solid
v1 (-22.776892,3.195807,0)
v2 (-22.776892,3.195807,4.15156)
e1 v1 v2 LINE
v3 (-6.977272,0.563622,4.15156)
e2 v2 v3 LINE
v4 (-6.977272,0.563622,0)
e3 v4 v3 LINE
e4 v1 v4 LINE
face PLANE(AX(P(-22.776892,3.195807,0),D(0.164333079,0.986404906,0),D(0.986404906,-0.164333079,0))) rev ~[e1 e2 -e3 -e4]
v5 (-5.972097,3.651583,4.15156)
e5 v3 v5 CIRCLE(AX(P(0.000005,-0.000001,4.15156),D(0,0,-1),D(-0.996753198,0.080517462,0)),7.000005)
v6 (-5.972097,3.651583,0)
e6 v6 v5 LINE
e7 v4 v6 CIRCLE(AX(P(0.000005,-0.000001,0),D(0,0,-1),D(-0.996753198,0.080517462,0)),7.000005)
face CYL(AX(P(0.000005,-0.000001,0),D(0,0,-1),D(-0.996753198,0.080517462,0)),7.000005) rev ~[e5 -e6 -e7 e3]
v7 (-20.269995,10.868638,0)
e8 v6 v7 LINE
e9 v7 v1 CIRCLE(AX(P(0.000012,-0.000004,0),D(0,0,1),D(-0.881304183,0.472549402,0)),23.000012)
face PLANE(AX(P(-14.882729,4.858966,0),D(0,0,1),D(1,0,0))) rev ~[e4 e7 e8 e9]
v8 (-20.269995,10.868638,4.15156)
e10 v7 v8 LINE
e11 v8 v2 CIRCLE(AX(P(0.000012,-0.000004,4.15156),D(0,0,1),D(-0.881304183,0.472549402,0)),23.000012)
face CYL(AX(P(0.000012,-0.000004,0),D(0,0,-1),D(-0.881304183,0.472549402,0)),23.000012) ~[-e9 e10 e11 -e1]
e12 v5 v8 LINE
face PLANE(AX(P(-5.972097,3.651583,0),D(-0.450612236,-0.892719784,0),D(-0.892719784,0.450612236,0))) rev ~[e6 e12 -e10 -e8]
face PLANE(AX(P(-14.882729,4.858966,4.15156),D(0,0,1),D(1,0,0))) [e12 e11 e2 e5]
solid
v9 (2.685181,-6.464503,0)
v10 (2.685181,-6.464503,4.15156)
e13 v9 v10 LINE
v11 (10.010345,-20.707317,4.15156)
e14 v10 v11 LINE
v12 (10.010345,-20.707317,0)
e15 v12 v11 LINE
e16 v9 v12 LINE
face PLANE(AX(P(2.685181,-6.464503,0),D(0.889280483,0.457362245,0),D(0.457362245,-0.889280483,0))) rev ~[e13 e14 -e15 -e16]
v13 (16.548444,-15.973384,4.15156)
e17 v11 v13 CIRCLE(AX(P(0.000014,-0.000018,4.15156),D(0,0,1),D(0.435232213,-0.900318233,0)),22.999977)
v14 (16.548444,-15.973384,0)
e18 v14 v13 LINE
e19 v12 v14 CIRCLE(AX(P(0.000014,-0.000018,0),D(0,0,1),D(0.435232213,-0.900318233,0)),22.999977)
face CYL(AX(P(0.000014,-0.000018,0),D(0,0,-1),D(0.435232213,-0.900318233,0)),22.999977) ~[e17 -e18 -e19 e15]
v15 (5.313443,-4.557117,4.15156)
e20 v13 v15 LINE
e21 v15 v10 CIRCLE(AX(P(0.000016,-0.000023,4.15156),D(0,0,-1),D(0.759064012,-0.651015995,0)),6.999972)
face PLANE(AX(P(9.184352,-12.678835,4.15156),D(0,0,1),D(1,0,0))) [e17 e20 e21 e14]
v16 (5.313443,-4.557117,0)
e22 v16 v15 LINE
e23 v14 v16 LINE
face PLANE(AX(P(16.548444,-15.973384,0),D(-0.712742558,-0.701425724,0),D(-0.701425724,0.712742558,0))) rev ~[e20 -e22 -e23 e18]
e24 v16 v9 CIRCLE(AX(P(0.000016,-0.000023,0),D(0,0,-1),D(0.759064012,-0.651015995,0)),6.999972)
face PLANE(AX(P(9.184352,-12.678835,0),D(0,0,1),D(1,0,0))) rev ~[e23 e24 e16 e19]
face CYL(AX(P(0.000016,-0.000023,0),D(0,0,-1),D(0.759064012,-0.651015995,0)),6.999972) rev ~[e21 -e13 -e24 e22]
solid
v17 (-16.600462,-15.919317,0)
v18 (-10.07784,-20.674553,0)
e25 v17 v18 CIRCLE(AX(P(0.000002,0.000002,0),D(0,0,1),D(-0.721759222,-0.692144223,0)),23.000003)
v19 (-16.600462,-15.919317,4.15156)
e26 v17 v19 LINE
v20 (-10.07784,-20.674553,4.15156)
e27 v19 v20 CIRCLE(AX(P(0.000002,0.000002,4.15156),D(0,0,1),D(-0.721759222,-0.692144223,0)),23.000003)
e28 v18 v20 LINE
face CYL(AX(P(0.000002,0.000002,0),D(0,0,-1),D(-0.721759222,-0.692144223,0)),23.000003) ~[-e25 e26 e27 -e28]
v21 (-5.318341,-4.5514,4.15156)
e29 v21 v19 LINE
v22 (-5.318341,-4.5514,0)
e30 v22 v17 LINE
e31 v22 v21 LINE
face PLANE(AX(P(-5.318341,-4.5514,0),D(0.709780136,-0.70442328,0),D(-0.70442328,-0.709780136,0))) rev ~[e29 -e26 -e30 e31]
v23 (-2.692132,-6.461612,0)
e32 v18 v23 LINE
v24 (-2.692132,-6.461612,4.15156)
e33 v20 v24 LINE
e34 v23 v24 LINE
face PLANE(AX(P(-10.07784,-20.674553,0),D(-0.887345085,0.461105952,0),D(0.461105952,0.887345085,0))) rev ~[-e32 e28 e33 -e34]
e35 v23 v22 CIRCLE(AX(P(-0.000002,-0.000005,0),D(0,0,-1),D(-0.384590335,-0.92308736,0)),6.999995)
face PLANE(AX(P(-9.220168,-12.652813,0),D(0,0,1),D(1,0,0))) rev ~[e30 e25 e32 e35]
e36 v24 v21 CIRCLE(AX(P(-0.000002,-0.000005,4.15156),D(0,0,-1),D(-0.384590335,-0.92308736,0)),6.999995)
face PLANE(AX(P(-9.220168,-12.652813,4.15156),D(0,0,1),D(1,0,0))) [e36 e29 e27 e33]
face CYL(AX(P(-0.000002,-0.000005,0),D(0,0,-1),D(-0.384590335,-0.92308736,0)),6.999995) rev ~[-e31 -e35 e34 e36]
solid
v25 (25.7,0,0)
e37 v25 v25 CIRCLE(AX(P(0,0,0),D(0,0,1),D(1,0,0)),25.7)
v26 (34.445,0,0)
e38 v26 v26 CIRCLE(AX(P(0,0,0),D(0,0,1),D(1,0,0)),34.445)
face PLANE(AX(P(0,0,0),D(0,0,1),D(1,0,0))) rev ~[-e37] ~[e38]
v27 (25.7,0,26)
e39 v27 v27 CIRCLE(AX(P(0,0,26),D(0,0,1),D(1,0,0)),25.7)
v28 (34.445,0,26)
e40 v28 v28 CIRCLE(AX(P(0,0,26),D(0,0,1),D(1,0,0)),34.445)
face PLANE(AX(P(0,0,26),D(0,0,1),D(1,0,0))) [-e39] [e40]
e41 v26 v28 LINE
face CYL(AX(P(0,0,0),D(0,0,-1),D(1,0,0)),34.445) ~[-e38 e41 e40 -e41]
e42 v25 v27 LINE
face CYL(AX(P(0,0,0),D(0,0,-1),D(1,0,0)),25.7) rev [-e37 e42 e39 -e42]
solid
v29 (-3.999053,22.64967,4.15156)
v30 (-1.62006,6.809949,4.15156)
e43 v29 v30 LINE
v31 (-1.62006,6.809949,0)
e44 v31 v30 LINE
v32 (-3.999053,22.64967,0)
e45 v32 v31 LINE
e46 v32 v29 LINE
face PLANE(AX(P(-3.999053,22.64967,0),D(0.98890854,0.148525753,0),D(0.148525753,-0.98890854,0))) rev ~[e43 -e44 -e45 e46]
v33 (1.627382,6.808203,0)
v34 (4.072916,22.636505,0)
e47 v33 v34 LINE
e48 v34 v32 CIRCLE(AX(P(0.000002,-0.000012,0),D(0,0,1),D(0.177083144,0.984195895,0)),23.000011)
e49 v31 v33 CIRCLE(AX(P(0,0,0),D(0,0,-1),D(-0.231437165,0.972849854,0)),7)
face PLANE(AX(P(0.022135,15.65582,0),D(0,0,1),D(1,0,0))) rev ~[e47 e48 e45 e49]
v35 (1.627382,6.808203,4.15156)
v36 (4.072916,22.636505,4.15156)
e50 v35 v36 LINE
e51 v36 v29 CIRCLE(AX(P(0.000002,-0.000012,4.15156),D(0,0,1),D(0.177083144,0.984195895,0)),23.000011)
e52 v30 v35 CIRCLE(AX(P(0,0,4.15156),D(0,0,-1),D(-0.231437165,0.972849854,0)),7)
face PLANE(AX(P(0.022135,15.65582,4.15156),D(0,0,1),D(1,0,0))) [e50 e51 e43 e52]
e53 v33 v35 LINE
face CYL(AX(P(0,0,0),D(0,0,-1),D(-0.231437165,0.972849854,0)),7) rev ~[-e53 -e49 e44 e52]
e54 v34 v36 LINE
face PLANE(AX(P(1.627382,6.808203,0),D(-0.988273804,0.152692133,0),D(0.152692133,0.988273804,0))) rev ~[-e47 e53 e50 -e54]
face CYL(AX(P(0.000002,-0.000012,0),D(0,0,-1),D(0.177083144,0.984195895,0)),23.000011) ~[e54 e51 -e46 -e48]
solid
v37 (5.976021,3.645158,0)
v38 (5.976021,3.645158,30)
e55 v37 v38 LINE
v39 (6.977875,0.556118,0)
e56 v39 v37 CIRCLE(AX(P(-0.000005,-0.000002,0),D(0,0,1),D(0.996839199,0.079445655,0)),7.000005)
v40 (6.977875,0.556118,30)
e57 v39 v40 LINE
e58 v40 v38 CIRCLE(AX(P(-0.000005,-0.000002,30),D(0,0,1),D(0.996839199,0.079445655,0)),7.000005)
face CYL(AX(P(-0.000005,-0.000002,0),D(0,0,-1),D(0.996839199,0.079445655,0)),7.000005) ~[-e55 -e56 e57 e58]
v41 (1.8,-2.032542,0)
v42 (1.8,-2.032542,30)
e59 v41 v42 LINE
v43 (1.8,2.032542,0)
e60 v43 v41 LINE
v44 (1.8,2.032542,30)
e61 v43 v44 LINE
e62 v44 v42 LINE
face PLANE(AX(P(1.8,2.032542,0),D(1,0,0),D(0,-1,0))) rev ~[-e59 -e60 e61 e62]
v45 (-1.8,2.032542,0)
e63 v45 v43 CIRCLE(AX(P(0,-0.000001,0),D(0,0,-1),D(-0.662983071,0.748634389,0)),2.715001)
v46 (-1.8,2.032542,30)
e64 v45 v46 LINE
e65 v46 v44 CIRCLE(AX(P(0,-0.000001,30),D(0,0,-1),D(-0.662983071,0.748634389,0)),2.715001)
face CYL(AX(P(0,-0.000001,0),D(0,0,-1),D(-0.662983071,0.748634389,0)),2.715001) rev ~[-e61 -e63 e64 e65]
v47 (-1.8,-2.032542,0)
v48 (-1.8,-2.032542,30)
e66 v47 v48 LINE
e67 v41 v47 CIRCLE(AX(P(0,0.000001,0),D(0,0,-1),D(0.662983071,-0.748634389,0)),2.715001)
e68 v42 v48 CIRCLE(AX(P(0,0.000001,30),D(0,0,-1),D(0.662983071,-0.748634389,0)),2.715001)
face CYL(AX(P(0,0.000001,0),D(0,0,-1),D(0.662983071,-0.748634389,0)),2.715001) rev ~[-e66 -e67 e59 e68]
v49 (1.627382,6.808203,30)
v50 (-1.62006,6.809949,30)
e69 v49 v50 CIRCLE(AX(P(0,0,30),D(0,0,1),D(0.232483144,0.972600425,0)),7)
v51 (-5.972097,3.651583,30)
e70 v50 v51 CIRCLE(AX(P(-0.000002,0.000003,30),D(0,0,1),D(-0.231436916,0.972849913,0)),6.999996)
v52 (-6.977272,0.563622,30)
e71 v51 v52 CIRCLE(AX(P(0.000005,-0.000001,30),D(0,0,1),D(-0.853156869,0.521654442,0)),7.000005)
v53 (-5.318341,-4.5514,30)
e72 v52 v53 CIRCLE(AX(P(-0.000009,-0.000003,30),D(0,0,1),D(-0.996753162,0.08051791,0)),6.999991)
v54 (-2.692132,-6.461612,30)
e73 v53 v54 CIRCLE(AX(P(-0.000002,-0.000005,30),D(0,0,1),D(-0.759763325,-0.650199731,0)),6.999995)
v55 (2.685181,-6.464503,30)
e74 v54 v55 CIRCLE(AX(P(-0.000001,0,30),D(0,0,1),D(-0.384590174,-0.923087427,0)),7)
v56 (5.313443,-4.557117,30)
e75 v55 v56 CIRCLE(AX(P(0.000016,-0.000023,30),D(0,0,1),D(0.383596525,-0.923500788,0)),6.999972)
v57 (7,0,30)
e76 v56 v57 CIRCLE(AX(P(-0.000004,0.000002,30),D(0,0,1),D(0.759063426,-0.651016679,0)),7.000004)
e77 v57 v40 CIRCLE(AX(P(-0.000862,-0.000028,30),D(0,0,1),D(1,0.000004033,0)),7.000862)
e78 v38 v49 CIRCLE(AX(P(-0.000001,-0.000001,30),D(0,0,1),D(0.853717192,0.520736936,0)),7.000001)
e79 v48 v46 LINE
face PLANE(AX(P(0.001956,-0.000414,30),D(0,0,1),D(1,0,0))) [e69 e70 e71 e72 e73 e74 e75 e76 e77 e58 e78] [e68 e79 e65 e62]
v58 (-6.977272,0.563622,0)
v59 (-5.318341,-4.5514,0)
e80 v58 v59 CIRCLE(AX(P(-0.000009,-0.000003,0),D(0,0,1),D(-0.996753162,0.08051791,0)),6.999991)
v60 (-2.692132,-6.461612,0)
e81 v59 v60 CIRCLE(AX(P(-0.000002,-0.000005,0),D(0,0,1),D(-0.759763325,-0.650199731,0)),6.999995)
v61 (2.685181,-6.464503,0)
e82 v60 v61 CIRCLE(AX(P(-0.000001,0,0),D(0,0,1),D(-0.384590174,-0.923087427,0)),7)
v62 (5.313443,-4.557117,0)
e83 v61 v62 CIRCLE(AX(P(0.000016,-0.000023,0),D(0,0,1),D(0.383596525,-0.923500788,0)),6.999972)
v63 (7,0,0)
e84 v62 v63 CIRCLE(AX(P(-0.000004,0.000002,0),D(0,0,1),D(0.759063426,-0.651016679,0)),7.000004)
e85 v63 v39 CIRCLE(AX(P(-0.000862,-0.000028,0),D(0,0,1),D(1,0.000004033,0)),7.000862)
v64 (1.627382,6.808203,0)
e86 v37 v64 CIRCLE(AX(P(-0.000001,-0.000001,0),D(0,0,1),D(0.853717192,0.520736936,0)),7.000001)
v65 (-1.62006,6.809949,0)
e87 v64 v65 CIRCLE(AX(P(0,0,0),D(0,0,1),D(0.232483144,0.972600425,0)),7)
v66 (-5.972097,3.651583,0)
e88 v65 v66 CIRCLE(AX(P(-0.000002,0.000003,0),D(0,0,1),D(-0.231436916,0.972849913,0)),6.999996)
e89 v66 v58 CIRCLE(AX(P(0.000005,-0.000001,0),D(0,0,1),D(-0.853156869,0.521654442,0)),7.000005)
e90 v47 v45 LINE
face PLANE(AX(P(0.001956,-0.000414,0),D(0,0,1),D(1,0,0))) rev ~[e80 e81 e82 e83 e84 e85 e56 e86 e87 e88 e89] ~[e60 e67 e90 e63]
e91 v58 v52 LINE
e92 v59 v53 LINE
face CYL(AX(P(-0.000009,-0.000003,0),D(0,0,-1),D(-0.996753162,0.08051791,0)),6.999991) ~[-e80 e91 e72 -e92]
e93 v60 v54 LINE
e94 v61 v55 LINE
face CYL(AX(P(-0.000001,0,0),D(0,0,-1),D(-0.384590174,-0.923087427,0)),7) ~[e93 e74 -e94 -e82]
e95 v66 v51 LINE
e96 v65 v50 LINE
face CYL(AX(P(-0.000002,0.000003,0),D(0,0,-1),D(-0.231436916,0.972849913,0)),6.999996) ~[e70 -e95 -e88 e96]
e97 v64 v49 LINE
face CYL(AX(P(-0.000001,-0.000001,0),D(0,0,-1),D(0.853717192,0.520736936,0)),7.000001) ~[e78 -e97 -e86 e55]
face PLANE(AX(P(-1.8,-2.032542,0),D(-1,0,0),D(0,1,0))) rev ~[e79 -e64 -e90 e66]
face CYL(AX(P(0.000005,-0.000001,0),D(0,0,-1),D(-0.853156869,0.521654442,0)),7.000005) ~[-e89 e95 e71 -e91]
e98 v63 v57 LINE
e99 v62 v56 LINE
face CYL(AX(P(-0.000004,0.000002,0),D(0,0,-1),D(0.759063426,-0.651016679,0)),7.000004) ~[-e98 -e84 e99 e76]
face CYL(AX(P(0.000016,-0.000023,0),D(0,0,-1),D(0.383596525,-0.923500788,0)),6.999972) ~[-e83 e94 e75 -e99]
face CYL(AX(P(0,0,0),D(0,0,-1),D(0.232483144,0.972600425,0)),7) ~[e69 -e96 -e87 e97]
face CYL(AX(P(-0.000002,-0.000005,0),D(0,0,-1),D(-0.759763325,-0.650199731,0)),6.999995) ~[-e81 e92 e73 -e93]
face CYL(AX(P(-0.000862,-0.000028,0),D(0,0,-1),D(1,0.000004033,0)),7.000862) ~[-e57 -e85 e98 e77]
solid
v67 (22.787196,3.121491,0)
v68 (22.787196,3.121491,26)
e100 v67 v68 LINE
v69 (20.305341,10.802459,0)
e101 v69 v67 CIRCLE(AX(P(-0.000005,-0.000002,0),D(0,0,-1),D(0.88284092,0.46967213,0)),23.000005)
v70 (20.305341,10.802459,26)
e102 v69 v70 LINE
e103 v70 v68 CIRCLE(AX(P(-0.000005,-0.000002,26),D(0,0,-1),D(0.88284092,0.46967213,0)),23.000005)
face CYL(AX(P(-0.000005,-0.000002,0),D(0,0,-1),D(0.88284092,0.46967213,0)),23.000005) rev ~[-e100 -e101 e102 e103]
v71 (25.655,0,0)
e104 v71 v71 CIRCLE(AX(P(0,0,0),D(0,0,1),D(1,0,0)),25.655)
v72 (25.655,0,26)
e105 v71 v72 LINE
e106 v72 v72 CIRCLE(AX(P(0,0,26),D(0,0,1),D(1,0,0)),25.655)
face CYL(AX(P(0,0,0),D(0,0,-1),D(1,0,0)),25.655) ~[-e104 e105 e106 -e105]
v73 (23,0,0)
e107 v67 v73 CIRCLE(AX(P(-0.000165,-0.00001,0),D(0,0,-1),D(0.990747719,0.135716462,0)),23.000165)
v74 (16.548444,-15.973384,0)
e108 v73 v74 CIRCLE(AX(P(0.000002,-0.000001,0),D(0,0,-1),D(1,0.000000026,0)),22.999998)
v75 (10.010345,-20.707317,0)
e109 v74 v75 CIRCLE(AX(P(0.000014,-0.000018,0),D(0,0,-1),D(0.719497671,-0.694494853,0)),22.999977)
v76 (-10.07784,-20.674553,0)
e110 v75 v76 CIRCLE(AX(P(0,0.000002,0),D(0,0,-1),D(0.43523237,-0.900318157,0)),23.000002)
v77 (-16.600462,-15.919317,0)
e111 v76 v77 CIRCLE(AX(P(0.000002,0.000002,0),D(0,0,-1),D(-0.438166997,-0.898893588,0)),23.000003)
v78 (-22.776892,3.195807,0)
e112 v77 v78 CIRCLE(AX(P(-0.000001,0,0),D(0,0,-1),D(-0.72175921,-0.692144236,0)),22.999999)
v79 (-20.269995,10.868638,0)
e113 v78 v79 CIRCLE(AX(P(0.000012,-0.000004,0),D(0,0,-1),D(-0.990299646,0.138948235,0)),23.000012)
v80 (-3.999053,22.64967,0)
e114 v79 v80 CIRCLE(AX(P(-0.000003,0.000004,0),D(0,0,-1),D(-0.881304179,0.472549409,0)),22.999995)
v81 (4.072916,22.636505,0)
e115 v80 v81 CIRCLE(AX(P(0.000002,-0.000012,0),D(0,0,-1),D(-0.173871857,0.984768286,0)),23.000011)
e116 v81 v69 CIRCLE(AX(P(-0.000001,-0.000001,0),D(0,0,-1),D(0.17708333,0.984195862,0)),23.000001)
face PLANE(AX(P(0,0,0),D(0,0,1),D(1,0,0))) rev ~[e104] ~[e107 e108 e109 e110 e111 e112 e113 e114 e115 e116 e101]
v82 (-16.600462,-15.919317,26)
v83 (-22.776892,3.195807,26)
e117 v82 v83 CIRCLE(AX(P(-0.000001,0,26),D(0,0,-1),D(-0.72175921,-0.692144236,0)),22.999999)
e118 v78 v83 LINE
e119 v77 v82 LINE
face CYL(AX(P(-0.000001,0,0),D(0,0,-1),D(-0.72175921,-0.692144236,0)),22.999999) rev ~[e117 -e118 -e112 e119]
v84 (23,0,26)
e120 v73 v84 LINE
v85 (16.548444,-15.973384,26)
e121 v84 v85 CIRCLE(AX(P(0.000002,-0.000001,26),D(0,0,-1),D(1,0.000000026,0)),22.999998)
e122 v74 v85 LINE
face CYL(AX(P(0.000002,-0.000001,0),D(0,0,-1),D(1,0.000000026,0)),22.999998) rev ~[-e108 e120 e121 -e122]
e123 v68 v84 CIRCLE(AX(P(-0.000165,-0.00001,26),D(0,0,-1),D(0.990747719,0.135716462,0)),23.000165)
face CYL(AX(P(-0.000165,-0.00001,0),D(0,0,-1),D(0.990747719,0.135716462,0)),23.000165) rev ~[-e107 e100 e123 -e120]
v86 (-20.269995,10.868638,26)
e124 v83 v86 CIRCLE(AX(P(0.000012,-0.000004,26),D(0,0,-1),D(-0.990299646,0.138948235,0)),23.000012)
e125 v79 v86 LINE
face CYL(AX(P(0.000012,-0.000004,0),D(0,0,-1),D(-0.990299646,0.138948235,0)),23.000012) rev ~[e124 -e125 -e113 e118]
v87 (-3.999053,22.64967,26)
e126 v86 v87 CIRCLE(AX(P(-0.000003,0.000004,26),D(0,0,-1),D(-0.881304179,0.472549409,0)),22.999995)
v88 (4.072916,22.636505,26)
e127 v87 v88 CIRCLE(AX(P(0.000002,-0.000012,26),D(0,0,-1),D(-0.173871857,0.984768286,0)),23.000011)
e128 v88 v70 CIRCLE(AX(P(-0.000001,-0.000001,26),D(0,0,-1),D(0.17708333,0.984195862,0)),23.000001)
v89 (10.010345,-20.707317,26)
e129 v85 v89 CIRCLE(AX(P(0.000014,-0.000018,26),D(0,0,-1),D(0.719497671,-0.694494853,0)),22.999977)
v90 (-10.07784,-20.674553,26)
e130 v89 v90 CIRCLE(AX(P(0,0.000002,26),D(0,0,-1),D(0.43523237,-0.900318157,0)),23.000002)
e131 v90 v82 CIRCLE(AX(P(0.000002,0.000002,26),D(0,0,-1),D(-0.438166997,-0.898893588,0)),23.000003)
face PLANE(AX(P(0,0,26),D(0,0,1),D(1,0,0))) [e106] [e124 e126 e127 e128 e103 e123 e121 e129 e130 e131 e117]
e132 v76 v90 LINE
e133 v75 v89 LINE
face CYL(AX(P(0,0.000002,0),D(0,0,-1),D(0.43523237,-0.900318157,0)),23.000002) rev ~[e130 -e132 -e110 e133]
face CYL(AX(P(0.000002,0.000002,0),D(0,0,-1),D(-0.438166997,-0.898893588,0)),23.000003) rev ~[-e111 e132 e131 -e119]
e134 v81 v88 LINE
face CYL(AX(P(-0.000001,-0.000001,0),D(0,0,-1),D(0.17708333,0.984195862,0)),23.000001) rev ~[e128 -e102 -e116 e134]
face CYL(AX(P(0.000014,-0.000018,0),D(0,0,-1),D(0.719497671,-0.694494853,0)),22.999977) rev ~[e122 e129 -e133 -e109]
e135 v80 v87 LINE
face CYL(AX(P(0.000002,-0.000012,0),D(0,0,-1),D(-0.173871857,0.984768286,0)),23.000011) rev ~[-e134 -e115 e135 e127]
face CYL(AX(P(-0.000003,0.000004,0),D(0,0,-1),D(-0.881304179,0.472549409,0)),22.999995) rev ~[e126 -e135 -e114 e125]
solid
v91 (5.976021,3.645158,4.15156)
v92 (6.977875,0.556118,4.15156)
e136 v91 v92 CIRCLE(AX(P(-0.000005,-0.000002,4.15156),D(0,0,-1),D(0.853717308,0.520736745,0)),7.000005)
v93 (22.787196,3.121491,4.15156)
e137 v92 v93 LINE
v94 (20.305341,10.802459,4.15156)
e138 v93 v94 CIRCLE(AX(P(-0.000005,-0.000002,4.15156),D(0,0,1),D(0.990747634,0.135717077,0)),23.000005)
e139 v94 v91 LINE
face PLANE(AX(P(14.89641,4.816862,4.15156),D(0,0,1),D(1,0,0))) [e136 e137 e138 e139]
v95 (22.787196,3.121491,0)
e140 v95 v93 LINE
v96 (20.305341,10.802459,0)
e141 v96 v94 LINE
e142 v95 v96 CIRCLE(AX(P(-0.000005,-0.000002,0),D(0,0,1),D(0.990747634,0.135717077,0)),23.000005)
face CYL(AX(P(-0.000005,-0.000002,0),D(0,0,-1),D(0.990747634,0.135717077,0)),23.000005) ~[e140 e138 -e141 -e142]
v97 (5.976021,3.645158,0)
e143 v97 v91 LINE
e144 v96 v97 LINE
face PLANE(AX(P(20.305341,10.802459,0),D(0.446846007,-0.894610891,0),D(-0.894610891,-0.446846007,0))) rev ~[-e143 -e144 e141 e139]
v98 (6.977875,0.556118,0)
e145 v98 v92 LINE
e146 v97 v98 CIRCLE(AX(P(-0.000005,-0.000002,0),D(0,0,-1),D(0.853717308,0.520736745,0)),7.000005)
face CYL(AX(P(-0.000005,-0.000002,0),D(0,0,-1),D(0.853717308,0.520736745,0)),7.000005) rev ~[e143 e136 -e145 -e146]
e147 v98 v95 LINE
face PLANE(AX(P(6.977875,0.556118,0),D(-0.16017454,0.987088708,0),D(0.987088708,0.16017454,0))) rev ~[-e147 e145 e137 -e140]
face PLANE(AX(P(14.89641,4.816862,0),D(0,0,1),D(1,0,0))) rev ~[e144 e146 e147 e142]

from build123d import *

# Parameters (mm, degrees)
F2_DEPTH = 30
F0_R     = 25.655
F3_DEPTH = 26
F4_DEPTH = 4.15156
F1_R     = 34.445
F1_R_2   = 25.7
F5_DEPTH = 26


with BuildPart() as f2:
    # F0 (on Top) → F2 (new body)
    with BuildSketch(Plane.XY):
        with BuildLine():
            ThreePointArc((7, 0), (6.994466, 0.278279), (6.977875, 0.556118))
            ThreePointArc((6.977875, 0.556118), (6.658558, 2.159539), (5.976021, 3.645158))
            ThreePointArc((5.976021, 3.645158), (4.117541, 5.660906), (1.627382, 6.808203))
            ThreePointArc((1.627382, 6.808203), (0.003764, 6.999999), (-1.62006, 6.809949))
            ThreePointArc((-1.62006, 6.809949), (-4.111451, 5.665331), (-5.972097, 3.651583))
            ThreePointArc((-5.972097, 3.651583), (-6.656231, 2.166699), (-6.977272, 0.563622))
            ThreePointArc((-6.977272, 0.563622), (-6.658558, -2.159539), (-5.318341, -4.5514))
            ThreePointArc((-5.318341, -4.5514), (-4.117541, -5.660906), (-2.692132, -6.461612))
            ThreePointArc((-2.692132, -6.461612), (-0.003764, -6.999999), (2.685181, -6.464503))
            ThreePointArc((2.685181, -6.464503), (4.111451, -5.665331), (5.313443, -4.557117))
            ThreePointArc((5.313443, -4.557117), (6.564834, -2.429598), (7, 0))
        make_face()
        with BuildLine():
            ThreePointArc((1.8, -2.032542), (0, -2.715), (-1.8, -2.032542))
            Line((-1.8, -2.032542), (-1.8, 2.032542))
            ThreePointArc((-1.8, 2.032542), (0, 2.715), (1.8, 2.032542))
            Line((1.8, 2.032542), (1.8, -2.032542))
        make_face(mode=Mode.SUBTRACT)
    extrude(amount=F2_DEPTH)


with BuildPart() as f3:
    # F0 (on Top) → F3 (new body)
    with BuildSketch(Plane.XY):
        Circle(F0_R)
        with BuildLine():
            ThreePointArc((22.787196, 3.121491), (22.946737, 1.564368), (23, 0))
            ThreePointArc((23, 0), (21.326207, -8.61353), (16.548444, -15.973384))
            ThreePointArc((16.548444, -15.973384), (13.488694, -18.629416), (10.010345, -20.707317))
            ThreePointArc((10.010345, -20.707317), (-0.037514, -22.999969), (-10.07784, -20.674553))
            ThreePointArc((-10.07784, -20.674553), (-13.549392, -18.585316), (-16.600462, -15.919317))
            ThreePointArc((-16.600462, -15.919317), (-21.885863, -7.071704), (-22.776892, 3.195807))
            ThreePointArc((-22.776892, 3.195807), (-21.862678, 7.143059), (-20.269995, 10.868638))
            ThreePointArc((-20.269995, 10.868638), (-13.488694, 18.629416), (-3.999053, 22.64967))
            ThreePointArc((-3.999053, 22.64967), (0.037514, 22.999969), (4.072916, 22.636505))
            ThreePointArc((4.072916, 22.636505), (13.549392, 18.585316), (20.305341, 10.802459))
            ThreePointArc((20.305341, 10.802459), (21.885863, 7.071704), (22.787196, 3.121491))
        make_face(mode=Mode.SUBTRACT)
    extrude(amount=F3_DEPTH)


with BuildPart() as f4:
    # F0 (on Top) → F4 (new body)
    with BuildSketch(Plane.XY):
        with BuildLine():
            Line((1.627382, 6.808203), (4.072916, 22.636505))
            ThreePointArc((4.072916, 22.636505), (0.037514, 22.999969), (-3.999053, 22.64967))
            Line((-3.999053, 22.64967), (-1.62006, 6.809949))
            ThreePointArc((-1.62006, 6.809949), (0.003764, 6.999999), (1.627382, 6.808203))
        make_face()
        with BuildLine():
            ThreePointArc((10.010345, -20.707317), (13.488694, -18.629416), (16.548444, -15.973384))
            Line((16.548444, -15.973384), (5.313443, -4.557117))
            ThreePointArc((5.313443, -4.557117), (4.111451, -5.665331), (2.685181, -6.464503))
            Line((2.685181, -6.464503), (10.010345, -20.707317))
        make_face()
        with BuildLine():
            ThreePointArc((-16.600462, -15.919317), (-13.549392, -18.585316), (-10.07784, -20.674553))
            Line((-10.07784, -20.674553), (-2.692132, -6.461612))
            ThreePointArc((-2.692132, -6.461612), (-4.117541, -5.660906), (-5.318341, -4.5514))
            Line((-5.318341, -4.5514), (-16.600462, -15.919317))
        make_face()
        with BuildLine():
            Line((-5.972097, 3.651583), (-20.269995, 10.868638))
            ThreePointArc((-20.269995, 10.868638), (-21.862678, 7.143059), (-22.776892, 3.195807))
            Line((-22.776892, 3.195807), (-6.977272, 0.563622))
            ThreePointArc((-6.977272, 0.563622), (-6.656231, 2.166699), (-5.972097, 3.651583))
        make_face()
        with BuildLine():
            Line((6.977875, 0.556118), (22.787196, 3.121491))
            ThreePointArc((22.787196, 3.121491), (21.885863, 7.071704), (20.305341, 10.802459))
            Line((20.305341, 10.802459), (5.976021, 3.645158))
            ThreePointArc((5.976021, 3.645158), (6.658558, 2.159539), (6.977875, 0.556118))
        make_face()
    extrude(amount=F4_DEPTH)


with BuildPart() as f5:
    # F1 (on Top) → F5 (new body)
    with BuildSketch(Plane.XY):
        Circle(F1_R)
        Circle(F1_R_2, mode=Mode.SUBTRACT)
    extrude(amount=F5_DEPTH)


solid = Compound([f2.part, f3.part, f4.part, f5.part])
